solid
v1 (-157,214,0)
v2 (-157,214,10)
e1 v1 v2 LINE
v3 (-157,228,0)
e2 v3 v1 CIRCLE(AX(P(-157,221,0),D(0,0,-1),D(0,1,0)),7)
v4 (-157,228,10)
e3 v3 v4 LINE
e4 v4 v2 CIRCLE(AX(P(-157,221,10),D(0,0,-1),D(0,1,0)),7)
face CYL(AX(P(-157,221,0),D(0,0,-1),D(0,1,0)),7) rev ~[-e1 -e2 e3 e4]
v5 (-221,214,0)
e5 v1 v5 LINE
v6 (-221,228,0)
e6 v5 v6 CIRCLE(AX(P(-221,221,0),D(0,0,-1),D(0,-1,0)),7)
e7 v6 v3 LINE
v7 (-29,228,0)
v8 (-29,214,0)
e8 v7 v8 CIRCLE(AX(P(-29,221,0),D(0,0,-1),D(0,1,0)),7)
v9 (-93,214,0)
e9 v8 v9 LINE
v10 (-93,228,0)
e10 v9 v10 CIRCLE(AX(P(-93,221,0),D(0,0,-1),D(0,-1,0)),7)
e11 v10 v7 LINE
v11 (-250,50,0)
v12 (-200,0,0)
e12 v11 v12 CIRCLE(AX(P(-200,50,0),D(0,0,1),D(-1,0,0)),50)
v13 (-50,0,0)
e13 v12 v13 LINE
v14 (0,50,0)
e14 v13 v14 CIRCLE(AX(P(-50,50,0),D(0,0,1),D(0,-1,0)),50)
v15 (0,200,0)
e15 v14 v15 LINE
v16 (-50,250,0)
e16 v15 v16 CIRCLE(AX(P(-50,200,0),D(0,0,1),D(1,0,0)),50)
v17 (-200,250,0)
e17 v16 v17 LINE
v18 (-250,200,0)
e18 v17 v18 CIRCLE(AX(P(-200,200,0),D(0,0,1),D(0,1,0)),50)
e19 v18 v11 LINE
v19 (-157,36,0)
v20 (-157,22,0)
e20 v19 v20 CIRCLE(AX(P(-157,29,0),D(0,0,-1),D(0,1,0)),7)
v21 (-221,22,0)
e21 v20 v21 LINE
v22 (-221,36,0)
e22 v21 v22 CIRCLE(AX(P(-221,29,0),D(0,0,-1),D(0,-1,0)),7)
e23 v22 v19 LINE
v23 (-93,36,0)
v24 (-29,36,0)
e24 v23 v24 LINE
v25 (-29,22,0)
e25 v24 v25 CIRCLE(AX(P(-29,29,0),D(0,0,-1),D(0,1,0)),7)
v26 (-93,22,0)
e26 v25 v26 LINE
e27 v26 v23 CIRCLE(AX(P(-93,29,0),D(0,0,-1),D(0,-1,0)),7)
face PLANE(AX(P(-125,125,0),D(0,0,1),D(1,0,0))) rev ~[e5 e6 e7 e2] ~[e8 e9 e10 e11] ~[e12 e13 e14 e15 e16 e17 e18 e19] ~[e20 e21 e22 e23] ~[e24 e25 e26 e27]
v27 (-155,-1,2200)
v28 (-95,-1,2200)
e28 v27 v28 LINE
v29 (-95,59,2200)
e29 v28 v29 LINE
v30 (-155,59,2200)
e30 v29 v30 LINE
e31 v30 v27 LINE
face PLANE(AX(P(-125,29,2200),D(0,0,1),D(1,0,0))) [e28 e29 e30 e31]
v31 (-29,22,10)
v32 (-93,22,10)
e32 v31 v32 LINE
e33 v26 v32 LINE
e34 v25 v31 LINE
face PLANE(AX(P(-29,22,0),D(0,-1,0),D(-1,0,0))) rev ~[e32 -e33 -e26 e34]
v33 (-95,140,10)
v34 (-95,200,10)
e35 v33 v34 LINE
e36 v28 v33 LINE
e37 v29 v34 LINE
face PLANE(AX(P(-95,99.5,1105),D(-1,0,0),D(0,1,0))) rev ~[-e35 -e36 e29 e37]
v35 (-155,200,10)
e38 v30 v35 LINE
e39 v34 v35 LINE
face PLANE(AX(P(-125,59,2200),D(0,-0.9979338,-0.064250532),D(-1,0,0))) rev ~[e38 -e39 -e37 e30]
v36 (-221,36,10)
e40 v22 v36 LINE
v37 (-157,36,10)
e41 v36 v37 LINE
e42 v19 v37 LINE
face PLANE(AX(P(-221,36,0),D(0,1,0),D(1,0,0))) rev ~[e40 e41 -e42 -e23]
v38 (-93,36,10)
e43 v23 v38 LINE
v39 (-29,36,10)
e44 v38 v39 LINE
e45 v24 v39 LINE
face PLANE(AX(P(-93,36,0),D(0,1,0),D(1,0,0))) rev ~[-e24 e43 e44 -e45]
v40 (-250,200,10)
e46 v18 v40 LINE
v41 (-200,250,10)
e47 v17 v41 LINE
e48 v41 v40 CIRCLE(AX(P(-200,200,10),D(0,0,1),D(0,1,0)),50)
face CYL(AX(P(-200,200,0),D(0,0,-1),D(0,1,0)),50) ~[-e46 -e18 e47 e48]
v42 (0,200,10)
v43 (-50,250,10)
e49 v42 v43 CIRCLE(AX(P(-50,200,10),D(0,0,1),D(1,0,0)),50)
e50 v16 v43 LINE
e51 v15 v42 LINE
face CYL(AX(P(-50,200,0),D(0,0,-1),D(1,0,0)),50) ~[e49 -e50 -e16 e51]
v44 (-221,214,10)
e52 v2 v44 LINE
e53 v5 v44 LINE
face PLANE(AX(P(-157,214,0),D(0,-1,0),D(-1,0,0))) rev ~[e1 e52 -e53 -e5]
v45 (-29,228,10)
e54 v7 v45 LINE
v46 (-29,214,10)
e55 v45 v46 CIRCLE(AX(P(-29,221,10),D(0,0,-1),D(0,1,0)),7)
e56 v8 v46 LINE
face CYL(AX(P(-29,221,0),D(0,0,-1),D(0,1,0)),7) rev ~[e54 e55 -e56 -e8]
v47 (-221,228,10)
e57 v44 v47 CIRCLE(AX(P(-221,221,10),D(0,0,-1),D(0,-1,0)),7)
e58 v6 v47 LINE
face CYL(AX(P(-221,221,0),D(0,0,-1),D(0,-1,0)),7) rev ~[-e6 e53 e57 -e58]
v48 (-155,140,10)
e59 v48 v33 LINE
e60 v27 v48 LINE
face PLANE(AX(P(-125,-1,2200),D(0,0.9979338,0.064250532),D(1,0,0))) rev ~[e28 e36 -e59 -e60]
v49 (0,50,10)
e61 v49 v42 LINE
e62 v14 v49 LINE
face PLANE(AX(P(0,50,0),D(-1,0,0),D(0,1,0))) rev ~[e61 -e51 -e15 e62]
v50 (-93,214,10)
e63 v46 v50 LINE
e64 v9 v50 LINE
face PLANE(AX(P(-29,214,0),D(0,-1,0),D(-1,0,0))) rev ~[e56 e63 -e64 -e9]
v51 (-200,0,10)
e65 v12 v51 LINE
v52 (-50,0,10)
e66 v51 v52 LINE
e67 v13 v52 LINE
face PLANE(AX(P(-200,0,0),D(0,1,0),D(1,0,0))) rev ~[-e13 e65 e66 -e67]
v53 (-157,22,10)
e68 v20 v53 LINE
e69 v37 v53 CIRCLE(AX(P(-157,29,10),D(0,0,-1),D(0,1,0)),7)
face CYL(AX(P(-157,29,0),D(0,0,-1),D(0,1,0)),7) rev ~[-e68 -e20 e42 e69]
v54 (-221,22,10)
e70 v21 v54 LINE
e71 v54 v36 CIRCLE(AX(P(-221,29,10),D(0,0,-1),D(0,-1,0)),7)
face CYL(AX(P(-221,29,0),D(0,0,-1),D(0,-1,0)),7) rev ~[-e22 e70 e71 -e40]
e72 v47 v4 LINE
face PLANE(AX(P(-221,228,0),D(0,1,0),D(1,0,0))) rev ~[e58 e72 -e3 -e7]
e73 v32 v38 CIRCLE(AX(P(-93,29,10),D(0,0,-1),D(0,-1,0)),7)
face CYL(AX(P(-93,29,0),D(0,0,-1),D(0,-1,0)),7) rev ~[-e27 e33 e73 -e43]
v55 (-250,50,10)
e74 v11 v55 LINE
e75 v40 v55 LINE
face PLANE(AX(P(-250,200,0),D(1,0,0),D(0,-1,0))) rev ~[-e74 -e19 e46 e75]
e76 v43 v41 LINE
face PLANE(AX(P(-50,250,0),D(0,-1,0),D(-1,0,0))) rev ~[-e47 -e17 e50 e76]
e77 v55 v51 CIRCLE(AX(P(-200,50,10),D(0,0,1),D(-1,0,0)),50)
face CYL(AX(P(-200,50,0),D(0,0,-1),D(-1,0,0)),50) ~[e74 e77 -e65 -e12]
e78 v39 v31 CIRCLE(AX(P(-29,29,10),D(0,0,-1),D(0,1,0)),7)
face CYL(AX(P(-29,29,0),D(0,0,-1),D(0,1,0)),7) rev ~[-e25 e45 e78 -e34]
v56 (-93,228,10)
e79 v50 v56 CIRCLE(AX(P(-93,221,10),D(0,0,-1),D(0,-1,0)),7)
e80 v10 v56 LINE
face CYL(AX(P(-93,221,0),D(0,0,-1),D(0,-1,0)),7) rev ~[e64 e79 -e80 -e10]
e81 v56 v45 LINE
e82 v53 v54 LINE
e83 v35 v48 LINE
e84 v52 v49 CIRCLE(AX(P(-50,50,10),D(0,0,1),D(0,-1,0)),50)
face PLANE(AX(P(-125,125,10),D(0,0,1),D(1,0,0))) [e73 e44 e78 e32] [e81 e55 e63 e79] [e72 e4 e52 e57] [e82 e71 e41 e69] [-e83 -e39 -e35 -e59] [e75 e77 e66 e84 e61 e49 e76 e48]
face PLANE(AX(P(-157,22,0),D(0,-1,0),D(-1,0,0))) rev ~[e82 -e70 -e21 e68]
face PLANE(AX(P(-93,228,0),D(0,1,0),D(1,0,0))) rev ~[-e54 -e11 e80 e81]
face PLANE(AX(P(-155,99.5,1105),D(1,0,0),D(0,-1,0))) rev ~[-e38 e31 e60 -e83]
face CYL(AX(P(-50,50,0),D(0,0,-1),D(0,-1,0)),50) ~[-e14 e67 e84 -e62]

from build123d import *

# Parameters (mm, degrees)
F1_DEPTH = 10
F2_W     = 60
F2_H     = 60


with BuildPart() as f1:
    # F0 (on Top) → F1 (new body)
    with BuildSketch(Plane.XY):
        with BuildLine():
            Line((-200, 0), (-50, 0))
            ThreePointArc((-50, 0), (-14.6446609407, 14.6446609407), (0, 50))
            Line((0, 50), (0, 200))
            ThreePointArc((0, 200), (-14.6446609407, 235.3553390593), (-50, 250))
            Line((-50, 250), (-200, 250))
            ThreePointArc((-200, 250), (-235.3553390593, 235.3553390593), (-250, 200))
            Line((-250, 200), (-250, 50))
            ThreePointArc((-250, 50), (-235.3553390593, 14.6446609407), (-200, 0))
        make_face()
        with BuildLine():
            ThreePointArc((-221, 22), (-228, 29), (-221, 36))
            Line((-221, 36), (-157, 36))
            ThreePointArc((-157, 36), (-150, 29), (-157, 22))
            Line((-157, 22), (-221, 22))
        make_face(mode=Mode.SUBTRACT)
        with BuildLine():
            Line((-93, 36), (-29, 36))
            ThreePointArc((-29, 36), (-22, 29), (-29, 22))
            Line((-29, 22), (-93, 22))
            ThreePointArc((-93, 22), (-100, 29), (-93, 36))
        make_face(mode=Mode.SUBTRACT)
        with BuildLine():
            Line((-157, 214), (-221, 214))
            ThreePointArc((-221, 214), (-228, 221), (-221, 228))
            Line((-221, 228), (-157, 228))
            ThreePointArc((-157, 228), (-150, 221), (-157, 214))
        make_face(mode=Mode.SUBTRACT)
        with BuildLine():
            ThreePointArc((-93, 214), (-100, 221), (-93, 228))
            Line((-93, 228), (-29, 228))
            ThreePointArc((-29, 228), (-22, 221), (-29, 214))
            Line((-29, 214), (-93, 214))
        make_face(mode=Mode.SUBTRACT)
    extrude(amount=F1_DEPTH)

    # F4: sweep along a path in F3
    with BuildLine(Plane.YZ) as f4_path:
        Line((29, 2200), (170, 10))
    # F2 (on face) → F4 (sweep)
    with BuildSketch(Plane.XY.offset(10)):
        with Locations((-125, 170)):
            Rectangle(F2_W, F2_H)
    sweep(path=f4_path.line)


solid = f1.part
